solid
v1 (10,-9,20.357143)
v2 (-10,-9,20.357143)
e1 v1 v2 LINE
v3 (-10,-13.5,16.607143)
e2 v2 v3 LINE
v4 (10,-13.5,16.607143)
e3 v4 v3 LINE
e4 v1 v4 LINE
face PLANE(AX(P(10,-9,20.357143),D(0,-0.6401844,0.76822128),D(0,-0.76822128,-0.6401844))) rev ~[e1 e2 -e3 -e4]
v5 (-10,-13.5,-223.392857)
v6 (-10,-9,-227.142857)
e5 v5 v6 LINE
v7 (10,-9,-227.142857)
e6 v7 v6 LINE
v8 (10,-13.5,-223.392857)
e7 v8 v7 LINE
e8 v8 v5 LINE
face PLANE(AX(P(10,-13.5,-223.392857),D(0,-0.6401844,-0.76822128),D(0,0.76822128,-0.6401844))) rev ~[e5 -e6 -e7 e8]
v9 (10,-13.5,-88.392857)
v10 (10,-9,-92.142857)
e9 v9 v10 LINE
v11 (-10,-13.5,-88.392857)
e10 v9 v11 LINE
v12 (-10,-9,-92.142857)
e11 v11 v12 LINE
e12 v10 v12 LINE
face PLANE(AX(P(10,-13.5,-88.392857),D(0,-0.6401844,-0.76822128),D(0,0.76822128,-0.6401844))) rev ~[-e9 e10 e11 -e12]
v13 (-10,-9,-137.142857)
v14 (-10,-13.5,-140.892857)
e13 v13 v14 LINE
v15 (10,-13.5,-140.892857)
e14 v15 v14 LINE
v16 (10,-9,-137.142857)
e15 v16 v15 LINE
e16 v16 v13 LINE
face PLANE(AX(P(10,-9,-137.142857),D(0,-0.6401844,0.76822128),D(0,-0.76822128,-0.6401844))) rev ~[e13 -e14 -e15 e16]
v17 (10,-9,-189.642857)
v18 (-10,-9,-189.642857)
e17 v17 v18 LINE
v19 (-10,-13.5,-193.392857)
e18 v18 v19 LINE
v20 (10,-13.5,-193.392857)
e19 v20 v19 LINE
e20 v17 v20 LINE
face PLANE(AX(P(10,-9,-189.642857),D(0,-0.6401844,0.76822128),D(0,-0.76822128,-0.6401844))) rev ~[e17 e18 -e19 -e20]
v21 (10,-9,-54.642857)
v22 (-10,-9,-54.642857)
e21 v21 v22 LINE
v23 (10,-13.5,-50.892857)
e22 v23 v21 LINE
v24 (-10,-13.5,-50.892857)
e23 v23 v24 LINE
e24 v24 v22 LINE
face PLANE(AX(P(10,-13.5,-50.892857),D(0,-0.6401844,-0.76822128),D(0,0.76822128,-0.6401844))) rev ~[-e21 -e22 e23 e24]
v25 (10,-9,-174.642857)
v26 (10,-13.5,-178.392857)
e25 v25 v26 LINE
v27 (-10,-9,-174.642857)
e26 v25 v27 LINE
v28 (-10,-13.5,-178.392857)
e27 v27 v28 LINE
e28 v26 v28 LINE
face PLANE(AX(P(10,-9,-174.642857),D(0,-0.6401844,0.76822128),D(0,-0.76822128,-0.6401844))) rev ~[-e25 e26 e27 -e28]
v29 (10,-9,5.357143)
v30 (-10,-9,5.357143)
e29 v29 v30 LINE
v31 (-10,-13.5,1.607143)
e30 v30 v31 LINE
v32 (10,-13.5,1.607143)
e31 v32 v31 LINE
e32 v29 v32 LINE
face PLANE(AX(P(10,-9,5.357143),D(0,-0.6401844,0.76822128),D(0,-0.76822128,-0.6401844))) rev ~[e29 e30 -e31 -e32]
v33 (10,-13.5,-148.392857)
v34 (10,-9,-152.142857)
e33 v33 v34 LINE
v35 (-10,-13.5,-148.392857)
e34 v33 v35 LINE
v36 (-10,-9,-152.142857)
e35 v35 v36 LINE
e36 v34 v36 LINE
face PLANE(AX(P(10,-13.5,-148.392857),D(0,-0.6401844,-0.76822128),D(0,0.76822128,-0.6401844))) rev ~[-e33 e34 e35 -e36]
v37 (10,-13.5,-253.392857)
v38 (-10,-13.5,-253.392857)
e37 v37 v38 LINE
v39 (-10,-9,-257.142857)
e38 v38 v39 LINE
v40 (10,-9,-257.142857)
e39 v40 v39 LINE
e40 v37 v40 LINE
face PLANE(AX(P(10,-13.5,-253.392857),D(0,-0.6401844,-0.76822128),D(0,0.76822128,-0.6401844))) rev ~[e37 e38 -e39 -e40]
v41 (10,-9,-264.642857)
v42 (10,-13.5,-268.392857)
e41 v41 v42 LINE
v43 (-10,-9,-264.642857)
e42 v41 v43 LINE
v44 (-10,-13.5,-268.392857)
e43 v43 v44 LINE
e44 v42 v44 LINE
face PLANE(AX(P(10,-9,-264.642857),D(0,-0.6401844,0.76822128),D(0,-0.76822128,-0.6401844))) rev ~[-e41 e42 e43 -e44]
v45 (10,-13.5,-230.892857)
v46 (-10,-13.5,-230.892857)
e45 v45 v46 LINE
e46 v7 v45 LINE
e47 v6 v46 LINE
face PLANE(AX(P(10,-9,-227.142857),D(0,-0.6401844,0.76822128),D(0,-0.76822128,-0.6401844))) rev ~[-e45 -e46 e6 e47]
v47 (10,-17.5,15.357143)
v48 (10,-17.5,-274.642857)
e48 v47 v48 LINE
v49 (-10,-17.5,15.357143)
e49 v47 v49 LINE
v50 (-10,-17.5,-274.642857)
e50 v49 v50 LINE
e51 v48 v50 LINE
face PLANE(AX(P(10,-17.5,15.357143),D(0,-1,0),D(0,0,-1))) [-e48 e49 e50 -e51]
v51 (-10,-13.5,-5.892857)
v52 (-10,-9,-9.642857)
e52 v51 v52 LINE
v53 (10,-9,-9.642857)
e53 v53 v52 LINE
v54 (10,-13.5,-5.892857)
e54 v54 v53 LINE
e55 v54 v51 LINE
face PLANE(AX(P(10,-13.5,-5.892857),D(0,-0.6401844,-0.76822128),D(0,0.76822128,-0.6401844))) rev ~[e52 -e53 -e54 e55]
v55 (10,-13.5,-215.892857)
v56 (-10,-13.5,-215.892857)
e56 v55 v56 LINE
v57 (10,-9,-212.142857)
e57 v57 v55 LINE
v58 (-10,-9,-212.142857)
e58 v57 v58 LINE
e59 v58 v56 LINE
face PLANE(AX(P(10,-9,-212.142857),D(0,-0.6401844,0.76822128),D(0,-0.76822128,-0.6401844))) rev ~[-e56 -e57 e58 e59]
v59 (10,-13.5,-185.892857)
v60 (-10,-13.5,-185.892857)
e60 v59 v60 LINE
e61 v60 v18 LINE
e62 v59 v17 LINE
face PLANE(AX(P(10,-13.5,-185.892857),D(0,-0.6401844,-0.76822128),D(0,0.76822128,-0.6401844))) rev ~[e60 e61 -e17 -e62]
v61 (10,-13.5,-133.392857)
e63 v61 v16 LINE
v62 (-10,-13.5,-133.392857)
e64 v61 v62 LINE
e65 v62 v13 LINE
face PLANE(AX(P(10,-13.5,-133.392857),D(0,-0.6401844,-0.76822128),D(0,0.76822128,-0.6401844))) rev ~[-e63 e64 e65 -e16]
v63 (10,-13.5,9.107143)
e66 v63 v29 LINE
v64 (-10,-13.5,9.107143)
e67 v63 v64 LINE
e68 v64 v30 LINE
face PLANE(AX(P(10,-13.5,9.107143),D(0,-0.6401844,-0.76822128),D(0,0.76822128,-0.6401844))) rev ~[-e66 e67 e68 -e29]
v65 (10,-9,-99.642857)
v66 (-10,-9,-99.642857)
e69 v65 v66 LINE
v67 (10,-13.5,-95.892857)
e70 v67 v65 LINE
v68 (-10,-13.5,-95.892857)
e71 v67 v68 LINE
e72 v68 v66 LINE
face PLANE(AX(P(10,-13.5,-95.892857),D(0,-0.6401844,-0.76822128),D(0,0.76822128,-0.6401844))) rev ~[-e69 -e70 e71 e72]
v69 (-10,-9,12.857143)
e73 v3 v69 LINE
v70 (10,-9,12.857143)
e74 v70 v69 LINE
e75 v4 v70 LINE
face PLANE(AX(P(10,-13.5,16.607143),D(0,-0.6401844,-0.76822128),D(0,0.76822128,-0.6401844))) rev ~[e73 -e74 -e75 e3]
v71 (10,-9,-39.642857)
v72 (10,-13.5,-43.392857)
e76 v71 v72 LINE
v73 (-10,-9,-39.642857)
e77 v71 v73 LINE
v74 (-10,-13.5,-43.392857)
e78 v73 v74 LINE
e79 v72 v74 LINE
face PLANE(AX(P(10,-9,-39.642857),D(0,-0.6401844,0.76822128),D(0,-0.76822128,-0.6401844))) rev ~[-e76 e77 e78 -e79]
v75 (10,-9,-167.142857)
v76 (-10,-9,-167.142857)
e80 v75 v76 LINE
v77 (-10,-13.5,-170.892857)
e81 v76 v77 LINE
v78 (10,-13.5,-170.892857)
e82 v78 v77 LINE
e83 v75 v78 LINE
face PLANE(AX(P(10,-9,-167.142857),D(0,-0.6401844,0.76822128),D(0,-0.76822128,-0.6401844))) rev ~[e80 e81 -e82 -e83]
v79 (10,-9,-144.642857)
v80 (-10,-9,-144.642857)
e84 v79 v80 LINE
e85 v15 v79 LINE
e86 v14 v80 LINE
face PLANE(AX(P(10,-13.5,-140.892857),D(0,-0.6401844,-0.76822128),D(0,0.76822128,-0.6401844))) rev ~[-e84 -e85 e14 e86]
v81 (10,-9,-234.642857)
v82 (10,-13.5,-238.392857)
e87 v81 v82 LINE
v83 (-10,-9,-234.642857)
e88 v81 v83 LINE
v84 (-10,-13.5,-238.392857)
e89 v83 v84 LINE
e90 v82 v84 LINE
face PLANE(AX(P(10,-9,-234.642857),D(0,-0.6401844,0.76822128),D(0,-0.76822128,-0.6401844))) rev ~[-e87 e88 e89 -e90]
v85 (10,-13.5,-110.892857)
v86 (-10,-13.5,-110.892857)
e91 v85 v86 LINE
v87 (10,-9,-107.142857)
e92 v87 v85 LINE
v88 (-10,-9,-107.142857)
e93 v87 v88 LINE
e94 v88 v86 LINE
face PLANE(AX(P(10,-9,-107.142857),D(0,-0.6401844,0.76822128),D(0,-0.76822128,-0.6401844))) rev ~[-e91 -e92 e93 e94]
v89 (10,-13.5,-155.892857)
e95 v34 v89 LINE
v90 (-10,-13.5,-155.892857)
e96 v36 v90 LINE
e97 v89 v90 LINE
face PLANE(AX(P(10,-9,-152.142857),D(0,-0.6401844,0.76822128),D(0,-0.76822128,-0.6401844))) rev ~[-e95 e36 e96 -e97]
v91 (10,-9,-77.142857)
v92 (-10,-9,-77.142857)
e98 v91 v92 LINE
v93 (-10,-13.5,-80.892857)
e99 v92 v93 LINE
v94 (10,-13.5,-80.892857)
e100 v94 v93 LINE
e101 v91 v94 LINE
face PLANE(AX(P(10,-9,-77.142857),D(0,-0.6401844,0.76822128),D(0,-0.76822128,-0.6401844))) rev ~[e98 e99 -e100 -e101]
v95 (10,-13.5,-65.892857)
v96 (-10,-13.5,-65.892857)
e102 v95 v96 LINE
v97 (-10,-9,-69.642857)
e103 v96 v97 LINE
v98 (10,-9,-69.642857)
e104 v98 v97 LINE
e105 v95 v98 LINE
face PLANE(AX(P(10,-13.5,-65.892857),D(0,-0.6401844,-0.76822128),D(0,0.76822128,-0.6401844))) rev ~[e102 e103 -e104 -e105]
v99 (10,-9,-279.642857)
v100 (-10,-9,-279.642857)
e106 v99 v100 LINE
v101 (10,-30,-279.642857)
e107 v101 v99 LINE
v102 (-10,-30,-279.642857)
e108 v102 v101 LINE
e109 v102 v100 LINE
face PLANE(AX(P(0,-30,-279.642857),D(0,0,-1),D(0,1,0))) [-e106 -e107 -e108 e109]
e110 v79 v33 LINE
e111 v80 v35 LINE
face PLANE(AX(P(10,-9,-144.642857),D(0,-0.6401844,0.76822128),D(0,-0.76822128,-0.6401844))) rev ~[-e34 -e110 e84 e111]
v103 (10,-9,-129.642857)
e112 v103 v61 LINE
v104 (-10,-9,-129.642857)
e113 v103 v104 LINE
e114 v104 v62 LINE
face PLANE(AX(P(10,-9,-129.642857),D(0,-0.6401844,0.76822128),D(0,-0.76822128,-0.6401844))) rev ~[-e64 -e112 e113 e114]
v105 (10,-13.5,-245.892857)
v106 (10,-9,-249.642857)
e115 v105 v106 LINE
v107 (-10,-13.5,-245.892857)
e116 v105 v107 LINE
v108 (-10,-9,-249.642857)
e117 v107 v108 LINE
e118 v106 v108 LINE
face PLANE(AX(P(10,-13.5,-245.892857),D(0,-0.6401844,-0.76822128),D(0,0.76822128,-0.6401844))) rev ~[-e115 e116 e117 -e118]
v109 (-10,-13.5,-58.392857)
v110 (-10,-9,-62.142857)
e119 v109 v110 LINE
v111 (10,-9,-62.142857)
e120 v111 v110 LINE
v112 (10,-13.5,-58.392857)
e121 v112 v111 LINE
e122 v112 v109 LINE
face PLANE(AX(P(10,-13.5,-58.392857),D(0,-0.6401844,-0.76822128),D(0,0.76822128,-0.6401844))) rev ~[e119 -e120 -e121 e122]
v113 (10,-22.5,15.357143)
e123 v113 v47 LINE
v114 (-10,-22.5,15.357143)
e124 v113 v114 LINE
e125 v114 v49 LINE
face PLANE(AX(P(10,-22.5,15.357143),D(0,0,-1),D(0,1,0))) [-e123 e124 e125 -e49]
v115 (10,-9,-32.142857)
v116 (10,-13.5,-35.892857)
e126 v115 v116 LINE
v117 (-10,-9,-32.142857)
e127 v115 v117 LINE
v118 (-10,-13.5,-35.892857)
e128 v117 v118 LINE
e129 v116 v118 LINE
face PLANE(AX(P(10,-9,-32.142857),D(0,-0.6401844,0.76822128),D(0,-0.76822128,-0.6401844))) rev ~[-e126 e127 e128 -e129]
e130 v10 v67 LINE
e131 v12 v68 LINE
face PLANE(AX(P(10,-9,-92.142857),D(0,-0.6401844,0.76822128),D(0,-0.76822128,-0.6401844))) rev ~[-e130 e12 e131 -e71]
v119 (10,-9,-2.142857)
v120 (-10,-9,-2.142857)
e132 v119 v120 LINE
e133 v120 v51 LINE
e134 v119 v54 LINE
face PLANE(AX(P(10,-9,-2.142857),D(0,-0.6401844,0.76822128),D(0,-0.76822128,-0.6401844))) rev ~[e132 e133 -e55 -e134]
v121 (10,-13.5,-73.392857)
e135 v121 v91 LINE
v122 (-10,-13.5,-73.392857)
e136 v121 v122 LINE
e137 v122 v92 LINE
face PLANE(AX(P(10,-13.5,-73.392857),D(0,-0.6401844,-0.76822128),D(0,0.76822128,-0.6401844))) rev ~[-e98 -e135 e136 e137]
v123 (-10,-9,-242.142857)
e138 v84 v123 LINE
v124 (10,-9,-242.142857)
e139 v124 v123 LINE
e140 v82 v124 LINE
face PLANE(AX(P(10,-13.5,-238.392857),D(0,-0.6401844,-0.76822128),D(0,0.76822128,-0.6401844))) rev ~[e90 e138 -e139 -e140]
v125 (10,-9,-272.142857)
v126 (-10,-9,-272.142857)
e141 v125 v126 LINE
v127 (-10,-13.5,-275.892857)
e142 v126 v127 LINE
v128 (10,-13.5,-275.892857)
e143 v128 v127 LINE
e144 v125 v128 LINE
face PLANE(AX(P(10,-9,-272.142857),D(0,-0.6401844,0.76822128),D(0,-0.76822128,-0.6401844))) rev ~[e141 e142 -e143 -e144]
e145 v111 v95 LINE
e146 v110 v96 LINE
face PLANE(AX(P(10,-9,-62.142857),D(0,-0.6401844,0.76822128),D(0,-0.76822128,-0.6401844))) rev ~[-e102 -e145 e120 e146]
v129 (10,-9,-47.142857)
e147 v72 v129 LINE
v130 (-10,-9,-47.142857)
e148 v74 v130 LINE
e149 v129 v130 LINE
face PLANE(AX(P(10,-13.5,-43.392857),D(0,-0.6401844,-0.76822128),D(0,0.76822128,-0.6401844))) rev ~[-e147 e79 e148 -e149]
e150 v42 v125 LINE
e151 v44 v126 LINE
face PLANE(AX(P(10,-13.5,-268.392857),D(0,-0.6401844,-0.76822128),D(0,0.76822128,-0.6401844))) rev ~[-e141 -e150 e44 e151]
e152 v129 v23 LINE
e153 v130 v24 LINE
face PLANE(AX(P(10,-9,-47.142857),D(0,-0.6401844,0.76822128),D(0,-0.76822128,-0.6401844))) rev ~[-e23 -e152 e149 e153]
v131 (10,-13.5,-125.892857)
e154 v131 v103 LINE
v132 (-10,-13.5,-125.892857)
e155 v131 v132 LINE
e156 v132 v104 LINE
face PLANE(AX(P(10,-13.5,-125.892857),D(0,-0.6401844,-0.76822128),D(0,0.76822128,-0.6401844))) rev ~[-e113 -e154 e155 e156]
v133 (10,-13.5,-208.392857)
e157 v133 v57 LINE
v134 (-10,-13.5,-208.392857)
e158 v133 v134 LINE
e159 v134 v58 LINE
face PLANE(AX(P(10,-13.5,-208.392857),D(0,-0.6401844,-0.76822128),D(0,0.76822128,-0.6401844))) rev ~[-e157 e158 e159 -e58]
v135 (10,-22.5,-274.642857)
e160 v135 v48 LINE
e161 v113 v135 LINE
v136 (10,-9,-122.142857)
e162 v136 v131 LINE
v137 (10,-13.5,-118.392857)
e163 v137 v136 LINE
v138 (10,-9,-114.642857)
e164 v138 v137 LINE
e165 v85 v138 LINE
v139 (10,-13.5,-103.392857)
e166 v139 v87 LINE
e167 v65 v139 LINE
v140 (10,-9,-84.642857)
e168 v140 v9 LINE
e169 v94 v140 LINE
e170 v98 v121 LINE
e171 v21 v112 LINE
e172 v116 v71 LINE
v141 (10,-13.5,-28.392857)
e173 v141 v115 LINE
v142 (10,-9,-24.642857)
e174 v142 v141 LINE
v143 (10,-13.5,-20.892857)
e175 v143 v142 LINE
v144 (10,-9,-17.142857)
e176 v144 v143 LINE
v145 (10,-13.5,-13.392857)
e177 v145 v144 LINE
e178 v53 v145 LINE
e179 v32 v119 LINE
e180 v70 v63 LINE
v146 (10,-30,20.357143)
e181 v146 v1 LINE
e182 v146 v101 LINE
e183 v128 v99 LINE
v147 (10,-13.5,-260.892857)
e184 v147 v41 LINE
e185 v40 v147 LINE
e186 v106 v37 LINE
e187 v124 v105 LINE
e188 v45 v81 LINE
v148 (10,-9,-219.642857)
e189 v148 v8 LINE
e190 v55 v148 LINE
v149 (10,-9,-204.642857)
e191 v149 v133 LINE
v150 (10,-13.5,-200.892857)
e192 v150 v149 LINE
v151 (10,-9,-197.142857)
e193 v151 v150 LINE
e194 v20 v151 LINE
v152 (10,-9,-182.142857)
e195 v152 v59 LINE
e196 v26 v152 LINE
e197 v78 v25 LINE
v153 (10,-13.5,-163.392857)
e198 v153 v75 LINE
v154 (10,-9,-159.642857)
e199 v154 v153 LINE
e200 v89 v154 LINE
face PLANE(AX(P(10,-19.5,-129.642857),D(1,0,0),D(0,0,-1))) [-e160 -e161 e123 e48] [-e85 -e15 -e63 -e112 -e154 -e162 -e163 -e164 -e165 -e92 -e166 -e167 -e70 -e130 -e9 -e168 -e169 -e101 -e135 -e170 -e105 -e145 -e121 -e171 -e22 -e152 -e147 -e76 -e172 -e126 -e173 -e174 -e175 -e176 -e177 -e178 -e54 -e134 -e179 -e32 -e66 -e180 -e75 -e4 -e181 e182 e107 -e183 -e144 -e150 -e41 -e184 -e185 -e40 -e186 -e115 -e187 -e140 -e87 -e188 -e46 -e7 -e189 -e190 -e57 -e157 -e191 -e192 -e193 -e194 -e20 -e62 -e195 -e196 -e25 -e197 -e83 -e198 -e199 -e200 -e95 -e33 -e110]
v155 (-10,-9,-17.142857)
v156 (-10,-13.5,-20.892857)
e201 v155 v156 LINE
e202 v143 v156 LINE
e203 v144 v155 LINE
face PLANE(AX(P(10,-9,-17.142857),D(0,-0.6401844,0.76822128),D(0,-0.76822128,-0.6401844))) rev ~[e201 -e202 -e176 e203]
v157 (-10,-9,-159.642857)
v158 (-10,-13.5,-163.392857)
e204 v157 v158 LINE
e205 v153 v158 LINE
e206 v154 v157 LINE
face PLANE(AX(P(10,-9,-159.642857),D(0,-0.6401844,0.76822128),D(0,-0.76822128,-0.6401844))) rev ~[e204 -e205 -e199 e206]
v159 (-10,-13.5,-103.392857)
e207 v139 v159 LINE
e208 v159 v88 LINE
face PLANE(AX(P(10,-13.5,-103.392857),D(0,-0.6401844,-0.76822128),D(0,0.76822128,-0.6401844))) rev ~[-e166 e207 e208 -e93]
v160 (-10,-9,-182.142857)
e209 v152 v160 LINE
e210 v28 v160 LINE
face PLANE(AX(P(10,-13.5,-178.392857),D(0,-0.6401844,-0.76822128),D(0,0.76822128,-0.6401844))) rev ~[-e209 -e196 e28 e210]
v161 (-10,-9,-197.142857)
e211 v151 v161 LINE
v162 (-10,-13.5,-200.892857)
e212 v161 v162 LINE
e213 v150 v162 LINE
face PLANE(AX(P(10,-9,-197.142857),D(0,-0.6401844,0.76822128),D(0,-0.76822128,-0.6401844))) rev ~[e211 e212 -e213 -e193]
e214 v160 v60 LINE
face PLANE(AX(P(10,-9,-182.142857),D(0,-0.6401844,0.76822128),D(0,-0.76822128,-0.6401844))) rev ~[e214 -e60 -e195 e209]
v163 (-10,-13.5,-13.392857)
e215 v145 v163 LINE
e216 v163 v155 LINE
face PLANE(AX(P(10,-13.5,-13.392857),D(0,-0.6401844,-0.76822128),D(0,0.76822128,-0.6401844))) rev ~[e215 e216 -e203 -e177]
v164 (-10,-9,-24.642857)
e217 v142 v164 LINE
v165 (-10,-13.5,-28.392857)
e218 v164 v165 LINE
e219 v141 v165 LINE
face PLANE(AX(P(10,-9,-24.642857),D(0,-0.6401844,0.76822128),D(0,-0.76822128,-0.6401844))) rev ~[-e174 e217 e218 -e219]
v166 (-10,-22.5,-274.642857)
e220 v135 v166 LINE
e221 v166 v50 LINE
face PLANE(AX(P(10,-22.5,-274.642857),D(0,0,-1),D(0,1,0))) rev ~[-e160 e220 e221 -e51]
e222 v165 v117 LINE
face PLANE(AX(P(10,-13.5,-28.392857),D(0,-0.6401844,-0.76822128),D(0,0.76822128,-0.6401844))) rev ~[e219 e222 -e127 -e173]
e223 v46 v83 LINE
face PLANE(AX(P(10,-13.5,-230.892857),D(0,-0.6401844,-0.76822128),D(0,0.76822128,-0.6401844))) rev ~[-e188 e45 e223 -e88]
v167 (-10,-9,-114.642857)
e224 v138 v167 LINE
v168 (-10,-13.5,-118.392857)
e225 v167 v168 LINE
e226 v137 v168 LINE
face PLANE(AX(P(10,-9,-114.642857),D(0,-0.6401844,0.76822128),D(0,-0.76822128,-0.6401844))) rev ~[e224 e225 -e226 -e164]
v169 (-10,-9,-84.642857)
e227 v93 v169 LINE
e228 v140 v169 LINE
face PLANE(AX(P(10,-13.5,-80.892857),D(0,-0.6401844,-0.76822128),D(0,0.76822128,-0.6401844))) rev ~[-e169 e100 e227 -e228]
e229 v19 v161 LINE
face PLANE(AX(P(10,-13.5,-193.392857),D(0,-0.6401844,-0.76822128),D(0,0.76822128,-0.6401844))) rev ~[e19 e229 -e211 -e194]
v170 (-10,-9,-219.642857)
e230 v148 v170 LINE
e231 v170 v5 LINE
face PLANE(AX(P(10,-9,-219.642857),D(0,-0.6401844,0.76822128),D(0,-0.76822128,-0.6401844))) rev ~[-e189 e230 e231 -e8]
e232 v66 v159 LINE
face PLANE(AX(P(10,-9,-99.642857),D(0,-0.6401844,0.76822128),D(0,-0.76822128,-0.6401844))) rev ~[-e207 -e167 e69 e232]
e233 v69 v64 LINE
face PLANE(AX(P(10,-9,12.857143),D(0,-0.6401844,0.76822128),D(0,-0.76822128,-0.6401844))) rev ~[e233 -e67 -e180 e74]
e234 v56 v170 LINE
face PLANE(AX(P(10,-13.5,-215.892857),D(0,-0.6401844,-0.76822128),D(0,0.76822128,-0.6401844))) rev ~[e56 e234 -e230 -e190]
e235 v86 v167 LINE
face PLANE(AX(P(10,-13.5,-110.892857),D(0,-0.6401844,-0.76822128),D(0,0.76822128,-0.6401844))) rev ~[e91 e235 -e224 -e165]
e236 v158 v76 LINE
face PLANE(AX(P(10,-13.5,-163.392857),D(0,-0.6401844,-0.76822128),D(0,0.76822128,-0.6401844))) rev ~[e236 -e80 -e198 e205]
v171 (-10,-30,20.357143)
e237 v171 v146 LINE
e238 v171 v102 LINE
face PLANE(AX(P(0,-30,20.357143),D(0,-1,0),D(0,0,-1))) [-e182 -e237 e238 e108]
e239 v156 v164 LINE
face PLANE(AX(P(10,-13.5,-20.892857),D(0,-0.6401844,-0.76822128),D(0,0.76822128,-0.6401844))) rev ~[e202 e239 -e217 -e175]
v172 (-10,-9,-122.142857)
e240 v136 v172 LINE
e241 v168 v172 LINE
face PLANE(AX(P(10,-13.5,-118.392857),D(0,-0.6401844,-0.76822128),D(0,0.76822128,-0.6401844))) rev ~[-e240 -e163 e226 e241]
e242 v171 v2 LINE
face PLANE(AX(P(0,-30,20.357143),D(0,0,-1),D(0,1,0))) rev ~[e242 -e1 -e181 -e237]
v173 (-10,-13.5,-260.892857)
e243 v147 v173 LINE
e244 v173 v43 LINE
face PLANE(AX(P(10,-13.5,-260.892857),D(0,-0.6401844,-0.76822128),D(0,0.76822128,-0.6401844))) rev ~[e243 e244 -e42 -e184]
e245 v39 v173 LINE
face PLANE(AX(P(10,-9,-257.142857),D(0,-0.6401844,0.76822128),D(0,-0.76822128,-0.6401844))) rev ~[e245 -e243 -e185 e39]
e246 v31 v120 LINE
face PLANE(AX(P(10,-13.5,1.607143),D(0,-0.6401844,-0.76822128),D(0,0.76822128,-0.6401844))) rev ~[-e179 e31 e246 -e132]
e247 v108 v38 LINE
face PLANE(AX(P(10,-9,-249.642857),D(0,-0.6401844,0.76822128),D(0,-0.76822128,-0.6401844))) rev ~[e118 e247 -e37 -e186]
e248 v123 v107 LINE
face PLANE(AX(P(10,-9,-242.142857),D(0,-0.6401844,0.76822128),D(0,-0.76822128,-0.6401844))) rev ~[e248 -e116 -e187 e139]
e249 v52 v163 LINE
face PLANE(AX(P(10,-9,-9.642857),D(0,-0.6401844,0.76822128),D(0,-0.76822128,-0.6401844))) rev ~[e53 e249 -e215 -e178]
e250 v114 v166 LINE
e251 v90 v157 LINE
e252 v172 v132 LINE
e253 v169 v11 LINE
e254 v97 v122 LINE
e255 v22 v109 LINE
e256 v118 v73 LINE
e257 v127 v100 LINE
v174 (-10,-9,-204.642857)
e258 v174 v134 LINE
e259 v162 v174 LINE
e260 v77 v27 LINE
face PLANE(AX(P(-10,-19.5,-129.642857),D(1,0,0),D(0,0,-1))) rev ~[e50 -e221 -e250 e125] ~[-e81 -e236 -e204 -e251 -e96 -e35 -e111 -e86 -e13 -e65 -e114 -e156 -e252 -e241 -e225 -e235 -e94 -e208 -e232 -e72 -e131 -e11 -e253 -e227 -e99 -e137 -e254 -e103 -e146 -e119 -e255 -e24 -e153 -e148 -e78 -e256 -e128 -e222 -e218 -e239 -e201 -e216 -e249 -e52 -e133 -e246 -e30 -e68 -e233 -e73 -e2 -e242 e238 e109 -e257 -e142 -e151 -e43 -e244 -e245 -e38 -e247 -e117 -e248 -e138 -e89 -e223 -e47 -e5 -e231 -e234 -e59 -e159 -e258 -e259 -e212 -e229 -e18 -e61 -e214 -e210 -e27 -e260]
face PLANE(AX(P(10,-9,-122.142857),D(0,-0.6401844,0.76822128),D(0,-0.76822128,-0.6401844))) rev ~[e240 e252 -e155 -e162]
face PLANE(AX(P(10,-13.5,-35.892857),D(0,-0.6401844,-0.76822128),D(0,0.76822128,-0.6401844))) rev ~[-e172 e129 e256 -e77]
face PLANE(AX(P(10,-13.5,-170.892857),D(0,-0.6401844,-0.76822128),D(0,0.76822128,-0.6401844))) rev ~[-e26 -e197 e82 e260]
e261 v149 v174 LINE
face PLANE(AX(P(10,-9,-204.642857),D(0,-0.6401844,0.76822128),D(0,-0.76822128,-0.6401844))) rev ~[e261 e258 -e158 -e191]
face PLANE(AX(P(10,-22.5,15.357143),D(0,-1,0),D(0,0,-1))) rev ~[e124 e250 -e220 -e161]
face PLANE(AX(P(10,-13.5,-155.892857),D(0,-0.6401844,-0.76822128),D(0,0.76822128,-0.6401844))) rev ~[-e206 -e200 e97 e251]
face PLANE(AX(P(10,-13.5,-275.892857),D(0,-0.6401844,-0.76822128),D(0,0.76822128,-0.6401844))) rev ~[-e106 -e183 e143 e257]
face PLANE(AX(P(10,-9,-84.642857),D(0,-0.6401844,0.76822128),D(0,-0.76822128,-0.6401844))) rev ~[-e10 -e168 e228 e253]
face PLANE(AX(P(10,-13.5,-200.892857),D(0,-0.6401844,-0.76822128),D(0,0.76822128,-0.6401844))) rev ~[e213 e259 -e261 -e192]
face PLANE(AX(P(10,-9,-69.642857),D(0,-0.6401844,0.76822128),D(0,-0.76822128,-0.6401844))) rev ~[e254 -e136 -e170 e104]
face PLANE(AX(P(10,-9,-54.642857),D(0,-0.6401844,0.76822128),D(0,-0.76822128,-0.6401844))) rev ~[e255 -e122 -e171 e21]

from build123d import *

# Parameters (mm, degrees)
SKETCH2_W                = 300
SKETCH2_H                = 21
BOSS_EXTRUDE2_DEPTH      = 10
BOSS_EXTRUDE2_DEPTH_BACK = 10
CUT_EXTRUDE1_DEPTH       = 20
LPATTERN1_COUNT          = 40
LPATTERN1_PITCH          = 7.5
SKETCH4_W                = 290
SKETCH4_H                = 5
CUT_EXTRUDE2_DEPTH       = 20


with BuildPart() as part:
    # Sketch2 → Boss-Extrude2 (new body, two sides)
    with BuildSketch(Plane(origin=(0, 0, 0), x_dir=(0, 0, -1), z_dir=(1, 0, 0))) as boss_extrude2_sk:
        with Locations((129.642857143, -19.5)):
            Rectangle(SKETCH2_W, SKETCH2_H)
    extrude(amount=BOSS_EXTRUDE2_DEPTH)
    extrude(boss_extrude2_sk.sketch, amount=-BOSS_EXTRUDE2_DEPTH_BACK)

    # Sketch3 → Cut-Extrude1 (cut)
    with BuildSketch(Plane(origin=(10, 0, 0), x_dir=(0, 0, -1), z_dir=(1, 0, 0))):
        Polygon((-20.357142857, -9), (-16.607142857, -13.5), (-12.857142857, -9), align=None)
    cut_extrude1 = extrude(amount=-CUT_EXTRUDE1_DEPTH, mode=Mode.SUBTRACT)

    # LPattern1: Cut-Extrude1 ×40
    with Locations(*[(0, 0, -i * LPATTERN1_PITCH) for i in range(1, LPATTERN1_COUNT)]):
        add(cut_extrude1, mode=Mode.SUBTRACT)

    # Sketch4 → Cut-Extrude2 (cut)
    with BuildSketch(Plane(origin=(10, 0, 0), x_dir=(0, 0, -1), z_dir=(1, 0, 0))):
        with Locations((129.642857143, -20)):
            Rectangle(SKETCH4_W, SKETCH4_H)
    extrude(amount=-CUT_EXTRUDE2_DEPTH, mode=Mode.SUBTRACT)


solid = part.part
